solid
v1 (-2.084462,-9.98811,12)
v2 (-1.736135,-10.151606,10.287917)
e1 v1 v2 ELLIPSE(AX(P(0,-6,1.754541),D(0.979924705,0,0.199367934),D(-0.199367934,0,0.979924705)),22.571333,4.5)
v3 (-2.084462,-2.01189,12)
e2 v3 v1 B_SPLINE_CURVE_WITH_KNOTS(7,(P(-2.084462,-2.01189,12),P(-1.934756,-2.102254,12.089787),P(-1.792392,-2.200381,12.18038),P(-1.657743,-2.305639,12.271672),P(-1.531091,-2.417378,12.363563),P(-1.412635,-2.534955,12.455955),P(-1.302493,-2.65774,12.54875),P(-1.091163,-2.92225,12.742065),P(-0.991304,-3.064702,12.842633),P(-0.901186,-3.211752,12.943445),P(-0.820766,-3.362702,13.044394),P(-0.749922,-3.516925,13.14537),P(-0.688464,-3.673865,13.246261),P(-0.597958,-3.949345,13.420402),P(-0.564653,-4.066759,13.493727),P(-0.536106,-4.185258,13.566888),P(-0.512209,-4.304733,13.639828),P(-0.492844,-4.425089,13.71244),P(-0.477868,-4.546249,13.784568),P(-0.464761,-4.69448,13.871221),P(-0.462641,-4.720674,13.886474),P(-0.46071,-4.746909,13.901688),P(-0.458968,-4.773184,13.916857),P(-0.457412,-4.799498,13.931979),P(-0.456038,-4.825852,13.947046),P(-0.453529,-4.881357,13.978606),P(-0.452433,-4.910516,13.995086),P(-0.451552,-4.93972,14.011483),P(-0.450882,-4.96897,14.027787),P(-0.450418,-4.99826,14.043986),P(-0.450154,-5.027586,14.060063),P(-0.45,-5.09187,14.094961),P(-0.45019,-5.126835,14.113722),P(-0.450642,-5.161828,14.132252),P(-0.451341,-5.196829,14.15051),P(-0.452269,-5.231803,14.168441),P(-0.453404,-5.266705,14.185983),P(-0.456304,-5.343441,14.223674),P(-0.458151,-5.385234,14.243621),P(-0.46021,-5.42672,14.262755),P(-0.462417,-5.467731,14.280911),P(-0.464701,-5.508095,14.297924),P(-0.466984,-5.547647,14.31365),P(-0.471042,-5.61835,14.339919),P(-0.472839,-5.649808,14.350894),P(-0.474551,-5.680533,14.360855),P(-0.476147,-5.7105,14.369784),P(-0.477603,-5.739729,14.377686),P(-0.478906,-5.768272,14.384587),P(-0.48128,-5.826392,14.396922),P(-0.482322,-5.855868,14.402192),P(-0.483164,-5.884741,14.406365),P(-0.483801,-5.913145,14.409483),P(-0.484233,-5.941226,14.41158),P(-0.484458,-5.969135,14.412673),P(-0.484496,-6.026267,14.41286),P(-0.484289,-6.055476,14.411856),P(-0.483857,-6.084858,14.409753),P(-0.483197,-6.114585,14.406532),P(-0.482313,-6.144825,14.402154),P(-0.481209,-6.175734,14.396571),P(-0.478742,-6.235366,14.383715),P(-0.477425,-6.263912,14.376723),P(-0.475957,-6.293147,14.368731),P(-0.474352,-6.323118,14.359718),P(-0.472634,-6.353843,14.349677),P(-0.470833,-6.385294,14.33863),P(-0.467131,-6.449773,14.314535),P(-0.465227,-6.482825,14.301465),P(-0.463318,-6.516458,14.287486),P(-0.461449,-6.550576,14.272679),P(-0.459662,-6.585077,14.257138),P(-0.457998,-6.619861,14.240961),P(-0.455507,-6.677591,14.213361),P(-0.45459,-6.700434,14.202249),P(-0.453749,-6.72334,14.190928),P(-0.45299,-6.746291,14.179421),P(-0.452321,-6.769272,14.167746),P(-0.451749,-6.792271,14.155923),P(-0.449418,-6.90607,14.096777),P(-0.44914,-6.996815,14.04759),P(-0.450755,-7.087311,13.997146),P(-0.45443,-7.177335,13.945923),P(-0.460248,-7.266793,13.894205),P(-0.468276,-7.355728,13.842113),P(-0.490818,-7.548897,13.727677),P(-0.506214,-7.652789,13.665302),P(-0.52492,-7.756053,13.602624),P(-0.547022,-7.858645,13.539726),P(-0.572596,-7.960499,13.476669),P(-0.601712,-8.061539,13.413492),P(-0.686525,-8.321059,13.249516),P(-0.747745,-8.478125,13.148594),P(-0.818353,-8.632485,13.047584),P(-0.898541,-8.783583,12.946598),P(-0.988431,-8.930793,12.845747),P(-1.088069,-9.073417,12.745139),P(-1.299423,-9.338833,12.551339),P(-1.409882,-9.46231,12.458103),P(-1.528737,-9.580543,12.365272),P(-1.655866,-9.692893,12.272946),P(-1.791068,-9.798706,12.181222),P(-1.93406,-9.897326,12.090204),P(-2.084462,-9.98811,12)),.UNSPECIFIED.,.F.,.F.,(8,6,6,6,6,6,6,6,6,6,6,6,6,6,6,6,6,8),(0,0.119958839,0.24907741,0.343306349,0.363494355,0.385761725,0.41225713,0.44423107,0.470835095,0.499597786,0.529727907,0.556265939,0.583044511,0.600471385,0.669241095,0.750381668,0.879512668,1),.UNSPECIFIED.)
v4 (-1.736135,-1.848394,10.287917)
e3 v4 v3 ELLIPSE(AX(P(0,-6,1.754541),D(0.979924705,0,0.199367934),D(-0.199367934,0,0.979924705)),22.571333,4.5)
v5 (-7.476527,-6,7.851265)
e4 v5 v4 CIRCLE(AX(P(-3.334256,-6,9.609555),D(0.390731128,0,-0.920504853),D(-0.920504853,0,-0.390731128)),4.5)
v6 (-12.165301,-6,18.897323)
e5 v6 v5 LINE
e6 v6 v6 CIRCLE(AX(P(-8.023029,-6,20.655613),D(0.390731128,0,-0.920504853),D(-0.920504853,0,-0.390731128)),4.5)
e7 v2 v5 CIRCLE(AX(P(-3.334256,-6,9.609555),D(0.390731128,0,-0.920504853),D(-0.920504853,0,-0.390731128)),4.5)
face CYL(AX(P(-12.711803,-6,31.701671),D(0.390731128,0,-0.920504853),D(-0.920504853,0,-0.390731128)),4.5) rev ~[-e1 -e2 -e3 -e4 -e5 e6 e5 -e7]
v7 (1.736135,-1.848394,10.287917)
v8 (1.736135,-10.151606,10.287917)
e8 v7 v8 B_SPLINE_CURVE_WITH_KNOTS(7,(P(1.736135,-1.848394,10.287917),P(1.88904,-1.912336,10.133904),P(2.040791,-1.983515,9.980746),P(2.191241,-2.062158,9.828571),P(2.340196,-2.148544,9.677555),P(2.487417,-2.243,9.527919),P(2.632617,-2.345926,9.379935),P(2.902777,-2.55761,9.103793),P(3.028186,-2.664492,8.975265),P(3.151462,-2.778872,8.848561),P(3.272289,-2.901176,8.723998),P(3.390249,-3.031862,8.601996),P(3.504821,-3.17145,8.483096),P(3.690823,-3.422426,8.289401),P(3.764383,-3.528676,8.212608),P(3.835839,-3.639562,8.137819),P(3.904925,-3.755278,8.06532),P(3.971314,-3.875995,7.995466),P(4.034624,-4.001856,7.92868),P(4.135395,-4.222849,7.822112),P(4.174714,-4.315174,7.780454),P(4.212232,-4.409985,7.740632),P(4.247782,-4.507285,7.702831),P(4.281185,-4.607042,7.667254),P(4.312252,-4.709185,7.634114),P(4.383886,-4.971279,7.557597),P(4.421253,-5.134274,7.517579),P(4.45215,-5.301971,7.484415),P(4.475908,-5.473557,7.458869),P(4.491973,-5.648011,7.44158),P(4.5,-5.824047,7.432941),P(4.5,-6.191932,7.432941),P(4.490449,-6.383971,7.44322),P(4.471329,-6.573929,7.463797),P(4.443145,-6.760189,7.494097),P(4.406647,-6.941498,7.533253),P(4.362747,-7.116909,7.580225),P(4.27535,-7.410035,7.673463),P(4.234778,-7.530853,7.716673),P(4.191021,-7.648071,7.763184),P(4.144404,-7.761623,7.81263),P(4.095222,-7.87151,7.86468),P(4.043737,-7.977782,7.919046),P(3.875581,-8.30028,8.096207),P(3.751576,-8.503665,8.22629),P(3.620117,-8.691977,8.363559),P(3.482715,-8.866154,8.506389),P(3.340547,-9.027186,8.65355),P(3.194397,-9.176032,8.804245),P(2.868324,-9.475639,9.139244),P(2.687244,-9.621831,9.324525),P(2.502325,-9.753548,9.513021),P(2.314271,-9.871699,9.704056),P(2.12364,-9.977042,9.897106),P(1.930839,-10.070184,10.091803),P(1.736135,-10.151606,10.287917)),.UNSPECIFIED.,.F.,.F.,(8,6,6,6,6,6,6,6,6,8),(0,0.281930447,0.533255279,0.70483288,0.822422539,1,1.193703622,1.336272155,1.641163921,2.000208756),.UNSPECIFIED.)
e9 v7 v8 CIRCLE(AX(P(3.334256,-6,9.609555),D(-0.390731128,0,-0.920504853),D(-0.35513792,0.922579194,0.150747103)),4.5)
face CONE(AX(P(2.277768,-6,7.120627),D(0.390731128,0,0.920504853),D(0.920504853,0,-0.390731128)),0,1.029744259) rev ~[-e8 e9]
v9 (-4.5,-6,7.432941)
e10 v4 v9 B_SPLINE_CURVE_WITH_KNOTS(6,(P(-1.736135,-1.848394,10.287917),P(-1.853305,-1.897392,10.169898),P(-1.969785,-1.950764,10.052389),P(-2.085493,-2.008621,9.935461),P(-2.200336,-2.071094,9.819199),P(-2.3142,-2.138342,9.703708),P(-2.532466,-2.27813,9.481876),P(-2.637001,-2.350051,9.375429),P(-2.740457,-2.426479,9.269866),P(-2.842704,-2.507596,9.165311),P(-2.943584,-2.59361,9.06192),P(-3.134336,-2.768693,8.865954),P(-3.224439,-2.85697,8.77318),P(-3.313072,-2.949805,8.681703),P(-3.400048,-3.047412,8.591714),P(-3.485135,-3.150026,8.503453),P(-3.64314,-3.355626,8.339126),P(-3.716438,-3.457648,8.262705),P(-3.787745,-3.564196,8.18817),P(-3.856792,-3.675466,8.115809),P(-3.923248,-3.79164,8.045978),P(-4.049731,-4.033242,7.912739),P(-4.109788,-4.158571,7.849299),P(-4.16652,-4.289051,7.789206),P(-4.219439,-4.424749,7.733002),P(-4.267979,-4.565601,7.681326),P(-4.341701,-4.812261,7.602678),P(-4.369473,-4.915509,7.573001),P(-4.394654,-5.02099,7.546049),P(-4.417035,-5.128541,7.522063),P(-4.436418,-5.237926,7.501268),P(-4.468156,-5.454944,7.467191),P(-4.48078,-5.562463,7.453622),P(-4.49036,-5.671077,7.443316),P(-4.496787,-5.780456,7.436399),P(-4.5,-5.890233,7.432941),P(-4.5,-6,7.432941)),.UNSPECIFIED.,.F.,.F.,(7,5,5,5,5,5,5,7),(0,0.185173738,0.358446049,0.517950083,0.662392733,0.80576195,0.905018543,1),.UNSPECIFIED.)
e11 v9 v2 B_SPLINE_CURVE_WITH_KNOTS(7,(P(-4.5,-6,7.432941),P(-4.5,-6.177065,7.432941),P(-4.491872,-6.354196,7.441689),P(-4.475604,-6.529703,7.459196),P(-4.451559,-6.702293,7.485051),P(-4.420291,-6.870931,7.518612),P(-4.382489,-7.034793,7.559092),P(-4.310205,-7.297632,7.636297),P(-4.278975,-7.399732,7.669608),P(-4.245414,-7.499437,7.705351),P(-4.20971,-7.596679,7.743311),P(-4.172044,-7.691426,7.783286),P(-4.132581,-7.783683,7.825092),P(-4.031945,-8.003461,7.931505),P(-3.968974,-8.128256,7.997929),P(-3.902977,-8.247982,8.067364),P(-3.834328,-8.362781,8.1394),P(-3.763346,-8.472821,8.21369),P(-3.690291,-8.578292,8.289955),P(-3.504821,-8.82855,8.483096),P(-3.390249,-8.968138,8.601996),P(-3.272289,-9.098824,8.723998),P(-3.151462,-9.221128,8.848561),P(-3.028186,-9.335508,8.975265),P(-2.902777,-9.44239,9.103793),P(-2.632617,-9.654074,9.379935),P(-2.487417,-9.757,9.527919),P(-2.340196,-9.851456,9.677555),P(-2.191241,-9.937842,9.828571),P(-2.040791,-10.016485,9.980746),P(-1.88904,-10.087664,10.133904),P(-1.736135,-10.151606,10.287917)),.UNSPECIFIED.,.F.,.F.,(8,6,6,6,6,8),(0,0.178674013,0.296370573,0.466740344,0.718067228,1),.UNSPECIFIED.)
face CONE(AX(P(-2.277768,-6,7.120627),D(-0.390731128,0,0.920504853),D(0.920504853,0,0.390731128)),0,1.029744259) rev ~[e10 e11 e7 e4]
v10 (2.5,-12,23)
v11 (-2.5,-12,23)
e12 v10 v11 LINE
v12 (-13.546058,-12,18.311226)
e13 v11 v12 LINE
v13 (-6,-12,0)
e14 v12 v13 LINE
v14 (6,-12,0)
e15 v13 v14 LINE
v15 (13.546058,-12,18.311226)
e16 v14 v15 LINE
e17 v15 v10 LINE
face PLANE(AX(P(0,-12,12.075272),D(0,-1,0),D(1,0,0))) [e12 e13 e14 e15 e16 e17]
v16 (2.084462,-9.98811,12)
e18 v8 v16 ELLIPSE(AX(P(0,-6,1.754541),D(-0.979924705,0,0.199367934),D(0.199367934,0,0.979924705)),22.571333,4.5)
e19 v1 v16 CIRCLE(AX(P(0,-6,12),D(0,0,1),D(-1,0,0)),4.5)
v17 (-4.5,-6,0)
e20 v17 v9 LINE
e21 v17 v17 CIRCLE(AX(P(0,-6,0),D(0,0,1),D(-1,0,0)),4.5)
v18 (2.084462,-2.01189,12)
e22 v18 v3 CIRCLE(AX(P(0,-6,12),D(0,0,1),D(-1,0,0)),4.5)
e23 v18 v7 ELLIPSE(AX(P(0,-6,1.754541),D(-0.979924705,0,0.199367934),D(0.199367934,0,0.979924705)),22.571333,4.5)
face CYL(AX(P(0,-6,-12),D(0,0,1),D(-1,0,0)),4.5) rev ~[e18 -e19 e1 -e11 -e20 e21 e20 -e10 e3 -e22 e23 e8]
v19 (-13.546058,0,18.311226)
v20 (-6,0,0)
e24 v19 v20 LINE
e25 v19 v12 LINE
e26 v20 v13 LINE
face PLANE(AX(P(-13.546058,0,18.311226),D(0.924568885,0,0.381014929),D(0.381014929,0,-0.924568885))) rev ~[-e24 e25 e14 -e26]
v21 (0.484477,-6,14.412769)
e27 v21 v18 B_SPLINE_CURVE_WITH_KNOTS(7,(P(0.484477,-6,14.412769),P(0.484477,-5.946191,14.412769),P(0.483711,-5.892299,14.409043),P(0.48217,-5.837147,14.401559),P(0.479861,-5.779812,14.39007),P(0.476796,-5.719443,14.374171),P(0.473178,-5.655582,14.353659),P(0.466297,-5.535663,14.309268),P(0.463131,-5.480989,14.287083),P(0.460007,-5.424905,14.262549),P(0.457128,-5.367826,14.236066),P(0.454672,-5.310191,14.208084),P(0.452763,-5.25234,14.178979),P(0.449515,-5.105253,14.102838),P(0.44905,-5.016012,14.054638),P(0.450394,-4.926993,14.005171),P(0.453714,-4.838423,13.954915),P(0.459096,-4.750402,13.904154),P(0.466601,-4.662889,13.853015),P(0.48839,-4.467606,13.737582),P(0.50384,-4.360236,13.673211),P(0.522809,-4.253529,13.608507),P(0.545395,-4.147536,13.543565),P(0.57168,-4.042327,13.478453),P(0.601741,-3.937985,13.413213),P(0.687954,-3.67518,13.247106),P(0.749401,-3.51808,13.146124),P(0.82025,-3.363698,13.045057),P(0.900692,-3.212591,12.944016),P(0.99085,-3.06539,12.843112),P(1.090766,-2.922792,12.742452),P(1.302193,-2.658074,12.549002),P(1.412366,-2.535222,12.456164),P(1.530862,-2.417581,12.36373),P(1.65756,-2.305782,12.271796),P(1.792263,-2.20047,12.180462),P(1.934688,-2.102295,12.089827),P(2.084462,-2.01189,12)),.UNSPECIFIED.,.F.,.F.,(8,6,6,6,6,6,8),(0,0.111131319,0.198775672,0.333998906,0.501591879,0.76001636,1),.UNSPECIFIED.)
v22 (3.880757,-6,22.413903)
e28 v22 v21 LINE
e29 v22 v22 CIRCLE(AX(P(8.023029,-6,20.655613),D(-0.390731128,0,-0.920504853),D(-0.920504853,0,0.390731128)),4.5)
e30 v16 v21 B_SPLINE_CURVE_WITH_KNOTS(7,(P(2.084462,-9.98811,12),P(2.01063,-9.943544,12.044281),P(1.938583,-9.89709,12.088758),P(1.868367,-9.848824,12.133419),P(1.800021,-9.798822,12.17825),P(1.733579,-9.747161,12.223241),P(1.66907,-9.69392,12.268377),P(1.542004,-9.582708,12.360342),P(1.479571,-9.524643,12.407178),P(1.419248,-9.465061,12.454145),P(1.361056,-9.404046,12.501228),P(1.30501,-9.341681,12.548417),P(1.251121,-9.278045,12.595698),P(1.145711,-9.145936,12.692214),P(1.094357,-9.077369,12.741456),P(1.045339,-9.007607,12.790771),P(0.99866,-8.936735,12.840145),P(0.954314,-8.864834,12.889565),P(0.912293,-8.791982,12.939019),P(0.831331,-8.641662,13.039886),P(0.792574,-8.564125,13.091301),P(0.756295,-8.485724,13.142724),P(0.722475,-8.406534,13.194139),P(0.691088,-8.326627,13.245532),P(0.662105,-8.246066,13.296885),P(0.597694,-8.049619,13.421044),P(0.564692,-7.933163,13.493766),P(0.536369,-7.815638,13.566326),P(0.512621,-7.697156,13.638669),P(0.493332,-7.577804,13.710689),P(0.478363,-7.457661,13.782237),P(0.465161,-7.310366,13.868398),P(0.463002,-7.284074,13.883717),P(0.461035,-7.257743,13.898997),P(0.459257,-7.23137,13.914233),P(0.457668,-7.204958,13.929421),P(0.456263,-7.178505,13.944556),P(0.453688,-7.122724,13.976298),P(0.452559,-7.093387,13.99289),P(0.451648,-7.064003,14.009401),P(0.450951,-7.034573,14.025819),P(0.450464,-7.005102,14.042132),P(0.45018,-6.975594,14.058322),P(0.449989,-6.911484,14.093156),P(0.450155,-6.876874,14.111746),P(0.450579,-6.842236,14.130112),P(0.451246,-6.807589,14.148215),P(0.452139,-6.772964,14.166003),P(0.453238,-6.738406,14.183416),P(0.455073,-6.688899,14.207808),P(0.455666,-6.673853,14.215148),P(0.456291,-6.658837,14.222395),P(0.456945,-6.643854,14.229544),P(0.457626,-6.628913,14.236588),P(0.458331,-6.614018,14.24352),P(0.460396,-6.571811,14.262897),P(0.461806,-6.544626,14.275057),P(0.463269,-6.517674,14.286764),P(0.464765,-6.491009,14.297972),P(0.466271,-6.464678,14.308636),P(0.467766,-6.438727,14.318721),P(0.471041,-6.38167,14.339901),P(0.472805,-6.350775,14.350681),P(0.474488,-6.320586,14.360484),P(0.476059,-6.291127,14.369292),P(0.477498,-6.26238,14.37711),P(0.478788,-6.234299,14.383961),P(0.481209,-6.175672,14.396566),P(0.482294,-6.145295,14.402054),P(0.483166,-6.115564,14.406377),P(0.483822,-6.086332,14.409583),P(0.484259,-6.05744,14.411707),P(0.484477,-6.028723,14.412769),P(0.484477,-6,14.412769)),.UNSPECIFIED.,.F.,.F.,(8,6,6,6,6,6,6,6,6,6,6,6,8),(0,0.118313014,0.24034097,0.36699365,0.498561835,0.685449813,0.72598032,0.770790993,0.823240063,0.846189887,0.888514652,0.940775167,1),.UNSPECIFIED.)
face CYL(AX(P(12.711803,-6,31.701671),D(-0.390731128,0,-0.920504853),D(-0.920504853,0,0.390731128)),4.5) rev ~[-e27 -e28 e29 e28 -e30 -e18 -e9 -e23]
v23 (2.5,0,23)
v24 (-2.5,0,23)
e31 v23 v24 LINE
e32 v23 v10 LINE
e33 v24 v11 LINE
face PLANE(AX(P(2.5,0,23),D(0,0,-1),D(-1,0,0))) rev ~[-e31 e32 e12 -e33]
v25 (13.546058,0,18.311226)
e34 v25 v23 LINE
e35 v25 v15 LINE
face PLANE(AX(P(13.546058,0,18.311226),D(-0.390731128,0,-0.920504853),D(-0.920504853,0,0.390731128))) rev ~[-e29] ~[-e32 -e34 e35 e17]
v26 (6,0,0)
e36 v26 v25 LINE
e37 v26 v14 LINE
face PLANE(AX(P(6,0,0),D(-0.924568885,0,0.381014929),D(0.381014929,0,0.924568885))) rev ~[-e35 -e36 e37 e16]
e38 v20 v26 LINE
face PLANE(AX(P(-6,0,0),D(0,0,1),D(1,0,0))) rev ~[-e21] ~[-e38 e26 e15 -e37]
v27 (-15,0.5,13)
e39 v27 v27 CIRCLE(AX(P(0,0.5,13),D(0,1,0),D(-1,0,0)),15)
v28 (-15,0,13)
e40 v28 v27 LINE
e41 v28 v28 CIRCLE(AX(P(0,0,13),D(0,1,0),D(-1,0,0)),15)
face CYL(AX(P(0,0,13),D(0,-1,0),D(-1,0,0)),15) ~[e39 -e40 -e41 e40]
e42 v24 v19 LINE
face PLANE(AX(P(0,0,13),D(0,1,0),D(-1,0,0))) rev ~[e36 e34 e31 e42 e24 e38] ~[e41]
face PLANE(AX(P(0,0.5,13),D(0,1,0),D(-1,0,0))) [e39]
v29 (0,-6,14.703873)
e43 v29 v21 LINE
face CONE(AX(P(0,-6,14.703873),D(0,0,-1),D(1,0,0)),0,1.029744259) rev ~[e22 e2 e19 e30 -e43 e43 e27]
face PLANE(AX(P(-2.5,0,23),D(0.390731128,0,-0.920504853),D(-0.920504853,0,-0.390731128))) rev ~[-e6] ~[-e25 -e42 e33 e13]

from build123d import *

# Parameters (mm, degrees)
F1_DEPTH = 12
F3_D     = 9
F3_DEPTH = 12
F3_TIP   = 2.7038727856
F5_D     = 9
F5_DEPTH = 12
F5_TIP   = 2.7038727856
F7_D     = 9
F7_DEPTH = 12
F7_TIP   = 2.7038727856
F8_R     = 15
F9_DEPTH = 0.5


with BuildPart() as f1:
    # F0 (on Front) → F1 (new body)
    with BuildSketch(Plane.XZ):
        Polygon((2.5, 23), (0, 23), (-2.5, 23), (-13.5460582414, 18.3112264581), (-6, 0), (0, 0), (6, 0), (13.5460582414, 18.3112264581), align=None)
    extrude(amount=F1_DEPTH)

    # F3
    with Locations(Plane(origin=(0, 0, 0), x_dir=(1, 0, 0), z_dir=(0, 0, -1))):
        with Locations((0, 6)):
            Hole(F3_D / 2, depth=F3_DEPTH)
            with Locations((0, 0, -(F3_DEPTH + F3_TIP / 2))):  # 118° drill point
                Cone(0, F3_D / 2, F3_TIP, mode=Mode.SUBTRACT)

    # F5
    with Locations(Plane(origin=(8.6540847408, 0, 20.3877460107), x_dir=(0.9205048535, 0, -0.3907311285), z_dir=(0.3907311285, 0, 0.9205048535))):
        with Locations((-0.6855538216, -6)):
            Hole(F5_D / 2, depth=F5_DEPTH)
            with Locations((0, 0, -(F5_DEPTH + F5_TIP / 2))):  # 118° drill point
                Cone(0, F5_D / 2, F5_TIP, mode=Mode.SUBTRACT)

    # F7
    with Locations(Plane(origin=(-8.6540847408, 0, 20.3877460107), x_dir=(0.9205048535, 0, 0.3907311285), z_dir=(-0.3907311285, 0, 0.9205048535))):
        with Locations((0.6855538216, -6)):
            Hole(F7_D / 2, depth=F7_DEPTH)
            with Locations((0, 0, -(F7_DEPTH + F7_TIP / 2))):  # 118° drill point
                Cone(0, F7_D / 2, F7_TIP, mode=Mode.SUBTRACT)

    # F8 (on face) → F9 (join)
    with BuildSketch(Plane(origin=(0, 0, 0), x_dir=(-1, 0, 0), z_dir=(0, 1, 0))):
        with Locations((0, 13)):
            Circle(F8_R)
    extrude(amount=F9_DEPTH)


solid = f1.part
